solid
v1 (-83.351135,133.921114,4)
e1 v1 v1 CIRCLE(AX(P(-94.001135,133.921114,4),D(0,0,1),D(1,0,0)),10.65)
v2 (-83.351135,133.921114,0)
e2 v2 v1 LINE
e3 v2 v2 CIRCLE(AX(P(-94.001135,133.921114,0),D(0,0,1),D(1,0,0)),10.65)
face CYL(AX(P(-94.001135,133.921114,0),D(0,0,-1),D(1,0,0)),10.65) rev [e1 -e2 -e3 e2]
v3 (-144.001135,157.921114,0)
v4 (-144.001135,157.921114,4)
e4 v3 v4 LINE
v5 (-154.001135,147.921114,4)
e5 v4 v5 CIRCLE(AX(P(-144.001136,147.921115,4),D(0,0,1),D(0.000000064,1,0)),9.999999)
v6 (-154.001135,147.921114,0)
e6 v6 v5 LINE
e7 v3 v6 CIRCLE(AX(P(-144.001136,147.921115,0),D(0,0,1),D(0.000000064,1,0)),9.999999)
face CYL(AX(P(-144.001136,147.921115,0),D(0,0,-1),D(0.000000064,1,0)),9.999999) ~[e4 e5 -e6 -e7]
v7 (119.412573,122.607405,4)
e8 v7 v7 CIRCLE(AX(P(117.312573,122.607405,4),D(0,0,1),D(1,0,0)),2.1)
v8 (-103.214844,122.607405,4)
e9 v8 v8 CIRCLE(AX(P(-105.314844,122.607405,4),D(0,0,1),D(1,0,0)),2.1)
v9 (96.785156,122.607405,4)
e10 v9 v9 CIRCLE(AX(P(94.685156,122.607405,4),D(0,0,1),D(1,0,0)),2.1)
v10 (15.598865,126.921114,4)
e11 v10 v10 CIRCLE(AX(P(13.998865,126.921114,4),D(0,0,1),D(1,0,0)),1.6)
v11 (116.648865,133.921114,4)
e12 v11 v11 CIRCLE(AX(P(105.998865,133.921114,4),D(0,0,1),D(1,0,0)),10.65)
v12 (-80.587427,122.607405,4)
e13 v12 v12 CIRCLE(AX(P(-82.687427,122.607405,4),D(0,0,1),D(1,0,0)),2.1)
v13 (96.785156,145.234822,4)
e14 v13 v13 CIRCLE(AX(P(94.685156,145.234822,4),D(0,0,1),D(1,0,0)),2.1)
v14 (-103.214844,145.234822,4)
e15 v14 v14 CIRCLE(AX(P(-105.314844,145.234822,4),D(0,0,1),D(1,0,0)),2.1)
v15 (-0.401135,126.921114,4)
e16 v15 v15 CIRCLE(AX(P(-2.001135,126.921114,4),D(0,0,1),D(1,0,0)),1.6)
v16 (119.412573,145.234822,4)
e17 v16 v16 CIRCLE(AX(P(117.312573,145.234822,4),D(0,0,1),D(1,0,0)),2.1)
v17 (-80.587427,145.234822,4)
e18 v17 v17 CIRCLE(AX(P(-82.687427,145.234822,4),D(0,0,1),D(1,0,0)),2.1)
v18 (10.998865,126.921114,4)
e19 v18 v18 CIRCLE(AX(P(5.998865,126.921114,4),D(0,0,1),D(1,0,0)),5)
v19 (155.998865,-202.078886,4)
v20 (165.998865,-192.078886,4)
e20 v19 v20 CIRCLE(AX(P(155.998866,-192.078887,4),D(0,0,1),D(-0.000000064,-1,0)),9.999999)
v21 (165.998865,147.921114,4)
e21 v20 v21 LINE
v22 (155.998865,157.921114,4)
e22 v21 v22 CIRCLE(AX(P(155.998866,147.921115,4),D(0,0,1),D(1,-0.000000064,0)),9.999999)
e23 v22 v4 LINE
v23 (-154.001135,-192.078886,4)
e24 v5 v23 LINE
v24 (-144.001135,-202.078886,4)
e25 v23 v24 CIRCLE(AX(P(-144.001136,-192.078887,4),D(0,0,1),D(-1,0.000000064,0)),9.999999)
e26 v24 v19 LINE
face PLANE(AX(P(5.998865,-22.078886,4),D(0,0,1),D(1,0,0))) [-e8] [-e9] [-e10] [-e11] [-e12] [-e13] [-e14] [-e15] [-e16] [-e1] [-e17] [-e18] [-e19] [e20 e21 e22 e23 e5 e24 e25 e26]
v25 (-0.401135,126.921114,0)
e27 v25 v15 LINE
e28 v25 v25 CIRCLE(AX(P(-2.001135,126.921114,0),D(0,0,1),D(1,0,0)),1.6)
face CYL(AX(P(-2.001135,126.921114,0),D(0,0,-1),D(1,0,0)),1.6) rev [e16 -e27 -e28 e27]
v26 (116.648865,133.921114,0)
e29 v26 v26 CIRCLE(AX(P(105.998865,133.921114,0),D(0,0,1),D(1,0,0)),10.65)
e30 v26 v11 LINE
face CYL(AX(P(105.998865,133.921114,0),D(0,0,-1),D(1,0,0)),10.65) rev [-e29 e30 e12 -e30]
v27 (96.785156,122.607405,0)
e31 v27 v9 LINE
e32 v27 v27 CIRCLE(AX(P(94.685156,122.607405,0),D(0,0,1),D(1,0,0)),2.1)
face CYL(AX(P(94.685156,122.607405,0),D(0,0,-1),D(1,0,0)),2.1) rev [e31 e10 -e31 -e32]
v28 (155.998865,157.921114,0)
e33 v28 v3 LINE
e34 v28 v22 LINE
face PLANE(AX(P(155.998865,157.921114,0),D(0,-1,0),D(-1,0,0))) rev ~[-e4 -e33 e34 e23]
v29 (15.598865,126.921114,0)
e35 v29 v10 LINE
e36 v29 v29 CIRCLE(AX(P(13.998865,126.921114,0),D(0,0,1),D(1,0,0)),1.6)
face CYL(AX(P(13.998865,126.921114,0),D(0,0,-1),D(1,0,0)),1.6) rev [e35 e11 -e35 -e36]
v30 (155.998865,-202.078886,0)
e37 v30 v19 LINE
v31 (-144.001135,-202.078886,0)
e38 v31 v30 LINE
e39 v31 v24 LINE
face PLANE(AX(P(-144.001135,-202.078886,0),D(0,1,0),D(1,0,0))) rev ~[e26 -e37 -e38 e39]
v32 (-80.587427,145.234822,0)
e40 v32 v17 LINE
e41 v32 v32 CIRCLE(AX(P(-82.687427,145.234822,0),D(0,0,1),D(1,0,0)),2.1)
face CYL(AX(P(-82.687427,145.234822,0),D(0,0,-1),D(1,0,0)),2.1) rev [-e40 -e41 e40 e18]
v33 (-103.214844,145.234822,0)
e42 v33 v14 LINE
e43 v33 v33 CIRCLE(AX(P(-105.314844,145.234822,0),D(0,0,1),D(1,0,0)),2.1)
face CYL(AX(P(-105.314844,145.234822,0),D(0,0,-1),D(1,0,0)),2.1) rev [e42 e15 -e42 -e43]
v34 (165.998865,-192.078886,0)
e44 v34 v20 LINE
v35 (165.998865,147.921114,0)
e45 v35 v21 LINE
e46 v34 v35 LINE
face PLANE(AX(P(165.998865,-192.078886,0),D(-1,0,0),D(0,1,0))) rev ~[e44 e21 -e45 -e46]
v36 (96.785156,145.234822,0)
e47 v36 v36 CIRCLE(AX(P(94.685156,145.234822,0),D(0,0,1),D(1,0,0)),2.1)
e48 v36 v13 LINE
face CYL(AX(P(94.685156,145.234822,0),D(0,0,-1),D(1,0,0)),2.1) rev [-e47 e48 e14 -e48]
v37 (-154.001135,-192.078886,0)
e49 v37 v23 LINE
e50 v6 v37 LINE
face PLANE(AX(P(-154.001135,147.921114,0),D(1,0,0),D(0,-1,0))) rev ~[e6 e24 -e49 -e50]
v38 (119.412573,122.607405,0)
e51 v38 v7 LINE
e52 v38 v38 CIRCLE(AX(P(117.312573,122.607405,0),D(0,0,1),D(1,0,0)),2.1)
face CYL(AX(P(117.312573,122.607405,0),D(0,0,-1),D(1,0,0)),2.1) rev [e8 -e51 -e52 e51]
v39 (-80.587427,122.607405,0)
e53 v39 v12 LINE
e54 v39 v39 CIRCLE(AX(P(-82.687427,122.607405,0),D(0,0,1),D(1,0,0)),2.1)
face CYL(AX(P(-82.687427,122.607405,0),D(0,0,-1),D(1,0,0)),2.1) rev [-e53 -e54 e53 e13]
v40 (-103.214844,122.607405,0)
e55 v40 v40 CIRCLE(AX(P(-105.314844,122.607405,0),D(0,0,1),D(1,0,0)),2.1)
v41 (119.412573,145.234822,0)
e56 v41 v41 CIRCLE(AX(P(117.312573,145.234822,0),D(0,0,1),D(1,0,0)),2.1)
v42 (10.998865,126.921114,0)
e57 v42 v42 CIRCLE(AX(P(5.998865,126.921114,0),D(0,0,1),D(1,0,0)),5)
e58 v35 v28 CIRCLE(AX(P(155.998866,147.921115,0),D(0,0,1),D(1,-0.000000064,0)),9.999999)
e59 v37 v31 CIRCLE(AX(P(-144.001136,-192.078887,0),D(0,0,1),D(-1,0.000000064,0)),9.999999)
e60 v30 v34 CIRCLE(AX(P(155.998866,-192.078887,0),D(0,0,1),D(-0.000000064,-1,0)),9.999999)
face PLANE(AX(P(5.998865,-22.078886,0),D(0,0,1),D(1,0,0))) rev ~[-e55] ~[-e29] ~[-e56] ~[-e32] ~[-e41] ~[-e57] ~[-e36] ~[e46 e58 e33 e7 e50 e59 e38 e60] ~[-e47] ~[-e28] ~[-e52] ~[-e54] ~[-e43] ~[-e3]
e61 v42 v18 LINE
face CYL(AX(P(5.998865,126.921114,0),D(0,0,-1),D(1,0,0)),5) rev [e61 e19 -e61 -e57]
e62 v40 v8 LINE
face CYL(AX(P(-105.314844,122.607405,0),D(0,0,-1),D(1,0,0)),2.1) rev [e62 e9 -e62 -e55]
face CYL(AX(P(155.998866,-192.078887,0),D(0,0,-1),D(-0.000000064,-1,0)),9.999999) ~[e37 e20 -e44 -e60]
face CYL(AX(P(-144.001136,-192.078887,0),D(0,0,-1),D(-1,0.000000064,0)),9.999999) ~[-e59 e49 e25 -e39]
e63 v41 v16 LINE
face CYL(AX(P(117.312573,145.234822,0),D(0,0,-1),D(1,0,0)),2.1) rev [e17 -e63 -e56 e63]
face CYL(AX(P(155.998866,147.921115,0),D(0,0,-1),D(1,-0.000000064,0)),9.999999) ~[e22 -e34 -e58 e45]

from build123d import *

# Parameters (mm, degrees)
F0_R     = 2.1
F0_R_2   = 10.65
F0_R_3   = 1.6
F0_R_4   = 5
F1_DEPTH = 4


with BuildPart() as f1:
    # F0 (on Top) → F1 (new body)
    with BuildSketch(Plane.XY):
        with BuildLine():
            Line((155.998865, 157.921114), (-144.001135, 157.921114))
            ThreePointArc((-144.001135, 157.921114), (-151.072203, 154.992182), (-154.001135, 147.921114))
            Line((-154.001135, 147.921114), (-154.001135, -192.078886))
            ThreePointArc((-154.001135, -192.078886), (-151.072203, -199.149954), (-144.001135, -202.078886))
            Line((-144.001135, -202.078886), (155.998865, -202.078886))
            ThreePointArc((155.998865, -202.078886), (163.069933, -199.149954), (165.998865, -192.078886))
            Line((165.998865, -192.078886), (165.998865, 147.921114))
            ThreePointArc((165.998865, 147.921114), (163.069933, 154.992182), (155.998865, 157.921114))
        make_face()
        with Locations((-105.314844, 122.607405)):
            Circle(F0_R, mode=Mode.SUBTRACT)
        with Locations((-94.001135, 133.921114)):
            Circle(F0_R_2, mode=Mode.SUBTRACT)
        with Locations((-82.687427, 122.607405)):
            Circle(F0_R, mode=Mode.SUBTRACT)
        with Locations((-105.314844, 145.234822)):
            Circle(F0_R, mode=Mode.SUBTRACT)
        with Locations((-82.687427, 145.234822)):
            Circle(F0_R, mode=Mode.SUBTRACT)
        with Locations((-2.001135, 126.921114)):
            Circle(F0_R_3, mode=Mode.SUBTRACT)
        with Locations((5.998865, 126.921114)):
            Circle(F0_R_4, mode=Mode.SUBTRACT)
        with Locations((13.998865, 126.921114)):
            Circle(F0_R_3, mode=Mode.SUBTRACT)
        with Locations((94.685156, 122.607405)):
            Circle(F0_R, mode=Mode.SUBTRACT)
        with Locations((117.312573, 122.607405)):
            Circle(F0_R, mode=Mode.SUBTRACT)
        with Locations((105.998865, 133.921114)):
            Circle(F0_R_2, mode=Mode.SUBTRACT)
        with Locations((94.685156, 145.234822)):
            Circle(F0_R, mode=Mode.SUBTRACT)
        with Locations((117.312573, 145.234822)):
            Circle(F0_R, mode=Mode.SUBTRACT)
    extrude(amount=F1_DEPTH)


solid = f1.part
